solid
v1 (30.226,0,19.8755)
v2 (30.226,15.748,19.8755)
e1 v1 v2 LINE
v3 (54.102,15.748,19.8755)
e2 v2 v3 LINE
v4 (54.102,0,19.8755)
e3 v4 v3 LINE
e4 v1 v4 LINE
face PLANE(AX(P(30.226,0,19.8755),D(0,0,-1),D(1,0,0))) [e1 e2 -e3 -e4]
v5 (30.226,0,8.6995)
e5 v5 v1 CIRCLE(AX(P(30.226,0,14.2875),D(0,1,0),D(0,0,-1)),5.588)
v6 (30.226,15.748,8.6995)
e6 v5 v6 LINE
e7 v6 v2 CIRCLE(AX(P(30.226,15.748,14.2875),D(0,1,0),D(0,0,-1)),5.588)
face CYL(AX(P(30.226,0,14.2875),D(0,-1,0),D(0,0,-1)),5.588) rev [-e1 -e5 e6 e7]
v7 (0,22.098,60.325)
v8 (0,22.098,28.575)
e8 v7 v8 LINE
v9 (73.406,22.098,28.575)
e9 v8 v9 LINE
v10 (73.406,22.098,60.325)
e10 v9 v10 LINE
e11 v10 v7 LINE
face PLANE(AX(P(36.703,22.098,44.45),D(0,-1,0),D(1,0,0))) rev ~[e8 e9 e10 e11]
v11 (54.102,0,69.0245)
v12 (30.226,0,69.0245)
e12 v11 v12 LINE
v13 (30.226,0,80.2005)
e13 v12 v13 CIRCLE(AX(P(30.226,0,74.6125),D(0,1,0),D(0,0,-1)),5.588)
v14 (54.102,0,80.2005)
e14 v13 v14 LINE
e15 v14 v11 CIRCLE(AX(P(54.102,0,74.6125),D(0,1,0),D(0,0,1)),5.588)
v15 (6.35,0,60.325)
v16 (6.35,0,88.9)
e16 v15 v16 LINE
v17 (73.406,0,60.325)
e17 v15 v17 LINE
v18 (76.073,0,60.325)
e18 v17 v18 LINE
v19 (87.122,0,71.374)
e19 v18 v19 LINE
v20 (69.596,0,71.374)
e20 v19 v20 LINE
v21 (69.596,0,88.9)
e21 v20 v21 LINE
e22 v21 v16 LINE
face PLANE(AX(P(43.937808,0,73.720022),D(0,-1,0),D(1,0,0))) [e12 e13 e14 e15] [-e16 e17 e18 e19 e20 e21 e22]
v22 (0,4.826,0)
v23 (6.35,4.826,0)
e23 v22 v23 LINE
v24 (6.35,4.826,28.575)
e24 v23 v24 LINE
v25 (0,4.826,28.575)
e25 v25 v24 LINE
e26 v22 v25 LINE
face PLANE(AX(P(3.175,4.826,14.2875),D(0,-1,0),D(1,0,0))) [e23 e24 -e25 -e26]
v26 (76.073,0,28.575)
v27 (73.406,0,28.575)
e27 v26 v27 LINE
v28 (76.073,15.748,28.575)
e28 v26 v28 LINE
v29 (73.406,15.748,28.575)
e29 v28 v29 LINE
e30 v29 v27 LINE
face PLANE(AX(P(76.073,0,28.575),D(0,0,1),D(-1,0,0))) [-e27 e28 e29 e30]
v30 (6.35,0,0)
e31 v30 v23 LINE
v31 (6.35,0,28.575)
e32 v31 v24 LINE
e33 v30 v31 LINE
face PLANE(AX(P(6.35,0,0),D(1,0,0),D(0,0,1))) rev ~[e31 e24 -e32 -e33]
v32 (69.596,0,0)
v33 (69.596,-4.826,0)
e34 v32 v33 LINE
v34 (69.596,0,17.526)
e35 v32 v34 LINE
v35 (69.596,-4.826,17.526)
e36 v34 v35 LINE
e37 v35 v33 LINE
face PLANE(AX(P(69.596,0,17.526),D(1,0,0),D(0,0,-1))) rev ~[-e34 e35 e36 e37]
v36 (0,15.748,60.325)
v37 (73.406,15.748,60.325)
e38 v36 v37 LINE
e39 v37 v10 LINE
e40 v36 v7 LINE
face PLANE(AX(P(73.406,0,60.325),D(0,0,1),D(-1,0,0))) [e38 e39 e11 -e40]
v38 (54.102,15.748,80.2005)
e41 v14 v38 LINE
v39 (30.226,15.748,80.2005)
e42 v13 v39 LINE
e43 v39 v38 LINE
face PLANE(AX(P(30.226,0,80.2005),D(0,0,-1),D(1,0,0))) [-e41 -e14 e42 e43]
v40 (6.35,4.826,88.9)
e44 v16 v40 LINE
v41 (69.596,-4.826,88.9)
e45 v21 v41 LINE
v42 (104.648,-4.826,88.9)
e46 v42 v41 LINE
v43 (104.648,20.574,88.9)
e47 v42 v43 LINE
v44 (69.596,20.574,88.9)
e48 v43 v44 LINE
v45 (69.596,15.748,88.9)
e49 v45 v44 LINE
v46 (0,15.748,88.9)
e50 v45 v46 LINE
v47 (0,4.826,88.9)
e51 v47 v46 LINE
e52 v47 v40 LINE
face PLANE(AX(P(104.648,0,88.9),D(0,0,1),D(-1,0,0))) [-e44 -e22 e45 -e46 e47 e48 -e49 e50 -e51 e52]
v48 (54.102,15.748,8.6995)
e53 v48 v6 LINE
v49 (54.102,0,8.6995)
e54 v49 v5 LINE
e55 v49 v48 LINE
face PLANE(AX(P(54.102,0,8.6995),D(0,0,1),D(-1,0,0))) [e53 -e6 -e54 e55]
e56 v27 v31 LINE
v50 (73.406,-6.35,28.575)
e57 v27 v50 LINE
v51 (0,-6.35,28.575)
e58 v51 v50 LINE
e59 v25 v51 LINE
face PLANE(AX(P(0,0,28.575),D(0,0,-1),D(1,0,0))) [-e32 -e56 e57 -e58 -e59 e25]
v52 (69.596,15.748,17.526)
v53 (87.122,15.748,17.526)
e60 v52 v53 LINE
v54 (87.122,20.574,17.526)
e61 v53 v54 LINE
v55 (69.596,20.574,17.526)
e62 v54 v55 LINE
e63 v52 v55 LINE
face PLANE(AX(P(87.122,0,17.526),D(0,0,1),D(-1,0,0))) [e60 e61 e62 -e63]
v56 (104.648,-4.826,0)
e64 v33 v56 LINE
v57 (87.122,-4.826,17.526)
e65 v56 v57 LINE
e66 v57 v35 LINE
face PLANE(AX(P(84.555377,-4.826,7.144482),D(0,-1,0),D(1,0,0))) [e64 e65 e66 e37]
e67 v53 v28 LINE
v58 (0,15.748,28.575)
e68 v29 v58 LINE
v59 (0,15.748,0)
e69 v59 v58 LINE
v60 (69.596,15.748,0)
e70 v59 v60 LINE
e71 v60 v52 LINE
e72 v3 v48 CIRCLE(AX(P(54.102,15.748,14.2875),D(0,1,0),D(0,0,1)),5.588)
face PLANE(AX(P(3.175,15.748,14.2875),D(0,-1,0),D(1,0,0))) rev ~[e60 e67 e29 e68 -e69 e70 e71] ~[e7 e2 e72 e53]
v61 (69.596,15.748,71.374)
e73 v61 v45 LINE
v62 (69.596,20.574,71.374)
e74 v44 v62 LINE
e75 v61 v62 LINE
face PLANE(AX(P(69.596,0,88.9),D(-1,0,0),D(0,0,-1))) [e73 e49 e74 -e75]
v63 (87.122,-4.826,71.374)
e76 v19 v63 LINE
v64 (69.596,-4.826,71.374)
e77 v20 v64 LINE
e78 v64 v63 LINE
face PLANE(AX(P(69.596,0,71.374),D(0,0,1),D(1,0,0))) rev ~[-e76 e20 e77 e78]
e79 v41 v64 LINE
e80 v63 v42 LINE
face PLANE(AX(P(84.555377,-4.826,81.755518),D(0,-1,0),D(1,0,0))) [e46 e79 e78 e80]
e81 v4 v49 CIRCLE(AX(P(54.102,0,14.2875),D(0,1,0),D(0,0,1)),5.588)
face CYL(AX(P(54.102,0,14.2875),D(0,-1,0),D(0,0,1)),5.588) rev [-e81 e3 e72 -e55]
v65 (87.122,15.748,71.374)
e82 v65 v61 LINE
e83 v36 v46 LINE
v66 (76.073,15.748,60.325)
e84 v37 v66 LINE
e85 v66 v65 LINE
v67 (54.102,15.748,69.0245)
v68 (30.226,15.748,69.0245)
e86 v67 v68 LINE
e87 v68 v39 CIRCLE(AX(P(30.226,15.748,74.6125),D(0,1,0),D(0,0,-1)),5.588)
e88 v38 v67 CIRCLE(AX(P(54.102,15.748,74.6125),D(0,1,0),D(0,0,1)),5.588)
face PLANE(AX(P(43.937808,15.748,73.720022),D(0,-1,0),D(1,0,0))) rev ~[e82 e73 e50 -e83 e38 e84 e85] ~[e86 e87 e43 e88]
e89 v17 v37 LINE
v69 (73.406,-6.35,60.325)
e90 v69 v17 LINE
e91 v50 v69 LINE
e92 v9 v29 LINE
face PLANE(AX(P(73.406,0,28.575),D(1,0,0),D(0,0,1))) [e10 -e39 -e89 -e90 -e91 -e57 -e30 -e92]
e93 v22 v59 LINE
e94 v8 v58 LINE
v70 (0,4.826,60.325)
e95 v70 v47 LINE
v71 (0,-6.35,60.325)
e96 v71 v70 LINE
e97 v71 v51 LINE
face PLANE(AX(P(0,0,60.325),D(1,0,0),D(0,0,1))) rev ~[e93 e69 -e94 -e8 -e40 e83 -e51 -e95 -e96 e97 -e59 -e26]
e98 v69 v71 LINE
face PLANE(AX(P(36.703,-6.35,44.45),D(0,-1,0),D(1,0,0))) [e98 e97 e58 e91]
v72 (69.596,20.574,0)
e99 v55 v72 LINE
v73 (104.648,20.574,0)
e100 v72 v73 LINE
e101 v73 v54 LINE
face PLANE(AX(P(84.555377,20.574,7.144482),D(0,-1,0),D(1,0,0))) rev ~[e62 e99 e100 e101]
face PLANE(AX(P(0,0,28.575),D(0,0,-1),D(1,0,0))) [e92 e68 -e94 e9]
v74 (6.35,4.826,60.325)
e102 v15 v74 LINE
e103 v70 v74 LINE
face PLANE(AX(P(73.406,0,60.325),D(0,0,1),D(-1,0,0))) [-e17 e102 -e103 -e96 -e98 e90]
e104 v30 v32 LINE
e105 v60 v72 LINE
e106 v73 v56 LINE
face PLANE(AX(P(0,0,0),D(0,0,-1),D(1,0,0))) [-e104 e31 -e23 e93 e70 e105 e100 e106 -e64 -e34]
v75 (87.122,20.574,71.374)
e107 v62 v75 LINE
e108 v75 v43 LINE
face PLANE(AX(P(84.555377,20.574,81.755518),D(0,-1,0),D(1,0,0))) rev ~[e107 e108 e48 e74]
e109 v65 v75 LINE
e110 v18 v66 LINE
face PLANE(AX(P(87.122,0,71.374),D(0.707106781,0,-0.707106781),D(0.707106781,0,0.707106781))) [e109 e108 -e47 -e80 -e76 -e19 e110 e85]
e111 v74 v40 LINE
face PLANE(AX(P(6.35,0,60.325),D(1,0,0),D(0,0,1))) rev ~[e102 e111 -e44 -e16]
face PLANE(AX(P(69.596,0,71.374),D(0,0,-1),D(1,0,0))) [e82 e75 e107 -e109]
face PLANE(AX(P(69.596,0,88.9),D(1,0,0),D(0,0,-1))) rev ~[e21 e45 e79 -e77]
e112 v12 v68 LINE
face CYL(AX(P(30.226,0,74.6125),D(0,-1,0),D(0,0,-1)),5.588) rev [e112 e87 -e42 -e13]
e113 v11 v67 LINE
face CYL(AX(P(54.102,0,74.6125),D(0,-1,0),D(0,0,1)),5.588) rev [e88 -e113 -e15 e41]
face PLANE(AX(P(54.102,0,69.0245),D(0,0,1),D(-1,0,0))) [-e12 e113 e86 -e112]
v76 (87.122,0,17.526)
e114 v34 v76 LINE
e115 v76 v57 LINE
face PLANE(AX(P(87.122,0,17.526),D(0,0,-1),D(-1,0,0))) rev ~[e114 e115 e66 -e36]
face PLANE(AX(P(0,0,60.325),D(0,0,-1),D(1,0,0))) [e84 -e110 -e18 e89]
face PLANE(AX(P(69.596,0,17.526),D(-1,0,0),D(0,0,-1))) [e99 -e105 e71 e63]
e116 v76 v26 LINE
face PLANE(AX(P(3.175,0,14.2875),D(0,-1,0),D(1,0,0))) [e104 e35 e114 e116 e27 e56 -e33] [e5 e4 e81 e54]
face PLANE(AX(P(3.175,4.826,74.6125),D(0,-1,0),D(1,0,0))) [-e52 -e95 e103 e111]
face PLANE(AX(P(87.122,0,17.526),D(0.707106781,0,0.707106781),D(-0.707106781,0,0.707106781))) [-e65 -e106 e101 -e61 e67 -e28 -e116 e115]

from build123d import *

# Parameters (mm, degrees)
F1_DEPTH      = 6.35
F1_DEPTH_BACK = 22.098
F0_W          = 6.35
F0_H          = 28.575
F2_DEPTH      = 15.748
F3_DEPTH      = 4.826
F3_DEPTH_BACK = 20.574
F4_DEPTH      = 4.826


with BuildPart() as f1:
    # F0 (on Front) → F1 (new body, two sides)
    with BuildSketch(Plane.XZ) as f1_sk:
        Polygon((0, 60.325), (0, 28.575), (6.35, 28.575), (73.406, 28.575), (73.406, 60.325), (6.35, 60.325), align=None)
    extrude(amount=F1_DEPTH)
    extrude(f1_sk.sketch, amount=-F1_DEPTH_BACK)

    # F0 (on Front) → F2 (join)
    with BuildSketch(Plane.XZ):
        Polygon((6.35, 88.9), (6.35, 60.325), (73.406, 60.325), (76.073, 60.325), (87.122, 71.374), (69.596, 71.374), (69.596, 88.9), align=None)
        with BuildLine():
            Line((54.102, 69.0245), (30.226, 69.0245))
            ThreePointArc((30.226, 69.0245), (24.638, 74.6125), (30.226, 80.2005))
            Line((30.226, 80.2005), (54.102, 80.2005))
            ThreePointArc((54.102, 80.2005), (59.69, 74.6125), (54.102, 69.0245))
        make_face(mode=Mode.SUBTRACT)
        with Locations((3.175, 74.6125)):
            Rectangle(F0_W, F0_H)
        with Locations((3.175, 14.2875)):
            Rectangle(F0_W, F0_H)
        Polygon((6.35, 28.575), (6.35, 0), (69.596, 0), (69.596, 17.526), (87.122, 17.526), (76.073, 28.575), (73.406, 28.575), align=None)
        with BuildLine():
            Line((54.102, 8.6995), (30.226, 8.6995))
            ThreePointArc((30.226, 8.6995), (24.638, 14.2875), (30.226, 19.8755))
            Line((30.226, 19.8755), (54.102, 19.8755))
            ThreePointArc((54.102, 19.8755), (59.69, 14.2875), (54.102, 8.6995))
        make_face(mode=Mode.SUBTRACT)
    extrude(amount=-F2_DEPTH)

    # F0 (on Front) → F3 (join, two sides)
    with BuildSketch(Plane.XZ) as f3_sk:
        Polygon((104.648, 88.9), (69.596, 88.9), (69.596, 71.374), (87.122, 71.374), align=None)
        Polygon((69.596, 17.526), (69.596, 0), (104.648, 0), (87.122, 17.526), align=None)
    extrude(amount=F3_DEPTH)
    extrude(f3_sk.sketch, amount=-F3_DEPTH_BACK)

    # F0 (on Front) → F4 (cut)
    with BuildSketch(Plane.XZ):
        with Locations((3.175, 74.6125)):
            Rectangle(F0_W, F0_H)
        with Locations((3.175, 14.2875)):
            Rectangle(F0_W, F0_H)
    extrude(amount=-F4_DEPTH, mode=Mode.SUBTRACT)


solid = f1.part
